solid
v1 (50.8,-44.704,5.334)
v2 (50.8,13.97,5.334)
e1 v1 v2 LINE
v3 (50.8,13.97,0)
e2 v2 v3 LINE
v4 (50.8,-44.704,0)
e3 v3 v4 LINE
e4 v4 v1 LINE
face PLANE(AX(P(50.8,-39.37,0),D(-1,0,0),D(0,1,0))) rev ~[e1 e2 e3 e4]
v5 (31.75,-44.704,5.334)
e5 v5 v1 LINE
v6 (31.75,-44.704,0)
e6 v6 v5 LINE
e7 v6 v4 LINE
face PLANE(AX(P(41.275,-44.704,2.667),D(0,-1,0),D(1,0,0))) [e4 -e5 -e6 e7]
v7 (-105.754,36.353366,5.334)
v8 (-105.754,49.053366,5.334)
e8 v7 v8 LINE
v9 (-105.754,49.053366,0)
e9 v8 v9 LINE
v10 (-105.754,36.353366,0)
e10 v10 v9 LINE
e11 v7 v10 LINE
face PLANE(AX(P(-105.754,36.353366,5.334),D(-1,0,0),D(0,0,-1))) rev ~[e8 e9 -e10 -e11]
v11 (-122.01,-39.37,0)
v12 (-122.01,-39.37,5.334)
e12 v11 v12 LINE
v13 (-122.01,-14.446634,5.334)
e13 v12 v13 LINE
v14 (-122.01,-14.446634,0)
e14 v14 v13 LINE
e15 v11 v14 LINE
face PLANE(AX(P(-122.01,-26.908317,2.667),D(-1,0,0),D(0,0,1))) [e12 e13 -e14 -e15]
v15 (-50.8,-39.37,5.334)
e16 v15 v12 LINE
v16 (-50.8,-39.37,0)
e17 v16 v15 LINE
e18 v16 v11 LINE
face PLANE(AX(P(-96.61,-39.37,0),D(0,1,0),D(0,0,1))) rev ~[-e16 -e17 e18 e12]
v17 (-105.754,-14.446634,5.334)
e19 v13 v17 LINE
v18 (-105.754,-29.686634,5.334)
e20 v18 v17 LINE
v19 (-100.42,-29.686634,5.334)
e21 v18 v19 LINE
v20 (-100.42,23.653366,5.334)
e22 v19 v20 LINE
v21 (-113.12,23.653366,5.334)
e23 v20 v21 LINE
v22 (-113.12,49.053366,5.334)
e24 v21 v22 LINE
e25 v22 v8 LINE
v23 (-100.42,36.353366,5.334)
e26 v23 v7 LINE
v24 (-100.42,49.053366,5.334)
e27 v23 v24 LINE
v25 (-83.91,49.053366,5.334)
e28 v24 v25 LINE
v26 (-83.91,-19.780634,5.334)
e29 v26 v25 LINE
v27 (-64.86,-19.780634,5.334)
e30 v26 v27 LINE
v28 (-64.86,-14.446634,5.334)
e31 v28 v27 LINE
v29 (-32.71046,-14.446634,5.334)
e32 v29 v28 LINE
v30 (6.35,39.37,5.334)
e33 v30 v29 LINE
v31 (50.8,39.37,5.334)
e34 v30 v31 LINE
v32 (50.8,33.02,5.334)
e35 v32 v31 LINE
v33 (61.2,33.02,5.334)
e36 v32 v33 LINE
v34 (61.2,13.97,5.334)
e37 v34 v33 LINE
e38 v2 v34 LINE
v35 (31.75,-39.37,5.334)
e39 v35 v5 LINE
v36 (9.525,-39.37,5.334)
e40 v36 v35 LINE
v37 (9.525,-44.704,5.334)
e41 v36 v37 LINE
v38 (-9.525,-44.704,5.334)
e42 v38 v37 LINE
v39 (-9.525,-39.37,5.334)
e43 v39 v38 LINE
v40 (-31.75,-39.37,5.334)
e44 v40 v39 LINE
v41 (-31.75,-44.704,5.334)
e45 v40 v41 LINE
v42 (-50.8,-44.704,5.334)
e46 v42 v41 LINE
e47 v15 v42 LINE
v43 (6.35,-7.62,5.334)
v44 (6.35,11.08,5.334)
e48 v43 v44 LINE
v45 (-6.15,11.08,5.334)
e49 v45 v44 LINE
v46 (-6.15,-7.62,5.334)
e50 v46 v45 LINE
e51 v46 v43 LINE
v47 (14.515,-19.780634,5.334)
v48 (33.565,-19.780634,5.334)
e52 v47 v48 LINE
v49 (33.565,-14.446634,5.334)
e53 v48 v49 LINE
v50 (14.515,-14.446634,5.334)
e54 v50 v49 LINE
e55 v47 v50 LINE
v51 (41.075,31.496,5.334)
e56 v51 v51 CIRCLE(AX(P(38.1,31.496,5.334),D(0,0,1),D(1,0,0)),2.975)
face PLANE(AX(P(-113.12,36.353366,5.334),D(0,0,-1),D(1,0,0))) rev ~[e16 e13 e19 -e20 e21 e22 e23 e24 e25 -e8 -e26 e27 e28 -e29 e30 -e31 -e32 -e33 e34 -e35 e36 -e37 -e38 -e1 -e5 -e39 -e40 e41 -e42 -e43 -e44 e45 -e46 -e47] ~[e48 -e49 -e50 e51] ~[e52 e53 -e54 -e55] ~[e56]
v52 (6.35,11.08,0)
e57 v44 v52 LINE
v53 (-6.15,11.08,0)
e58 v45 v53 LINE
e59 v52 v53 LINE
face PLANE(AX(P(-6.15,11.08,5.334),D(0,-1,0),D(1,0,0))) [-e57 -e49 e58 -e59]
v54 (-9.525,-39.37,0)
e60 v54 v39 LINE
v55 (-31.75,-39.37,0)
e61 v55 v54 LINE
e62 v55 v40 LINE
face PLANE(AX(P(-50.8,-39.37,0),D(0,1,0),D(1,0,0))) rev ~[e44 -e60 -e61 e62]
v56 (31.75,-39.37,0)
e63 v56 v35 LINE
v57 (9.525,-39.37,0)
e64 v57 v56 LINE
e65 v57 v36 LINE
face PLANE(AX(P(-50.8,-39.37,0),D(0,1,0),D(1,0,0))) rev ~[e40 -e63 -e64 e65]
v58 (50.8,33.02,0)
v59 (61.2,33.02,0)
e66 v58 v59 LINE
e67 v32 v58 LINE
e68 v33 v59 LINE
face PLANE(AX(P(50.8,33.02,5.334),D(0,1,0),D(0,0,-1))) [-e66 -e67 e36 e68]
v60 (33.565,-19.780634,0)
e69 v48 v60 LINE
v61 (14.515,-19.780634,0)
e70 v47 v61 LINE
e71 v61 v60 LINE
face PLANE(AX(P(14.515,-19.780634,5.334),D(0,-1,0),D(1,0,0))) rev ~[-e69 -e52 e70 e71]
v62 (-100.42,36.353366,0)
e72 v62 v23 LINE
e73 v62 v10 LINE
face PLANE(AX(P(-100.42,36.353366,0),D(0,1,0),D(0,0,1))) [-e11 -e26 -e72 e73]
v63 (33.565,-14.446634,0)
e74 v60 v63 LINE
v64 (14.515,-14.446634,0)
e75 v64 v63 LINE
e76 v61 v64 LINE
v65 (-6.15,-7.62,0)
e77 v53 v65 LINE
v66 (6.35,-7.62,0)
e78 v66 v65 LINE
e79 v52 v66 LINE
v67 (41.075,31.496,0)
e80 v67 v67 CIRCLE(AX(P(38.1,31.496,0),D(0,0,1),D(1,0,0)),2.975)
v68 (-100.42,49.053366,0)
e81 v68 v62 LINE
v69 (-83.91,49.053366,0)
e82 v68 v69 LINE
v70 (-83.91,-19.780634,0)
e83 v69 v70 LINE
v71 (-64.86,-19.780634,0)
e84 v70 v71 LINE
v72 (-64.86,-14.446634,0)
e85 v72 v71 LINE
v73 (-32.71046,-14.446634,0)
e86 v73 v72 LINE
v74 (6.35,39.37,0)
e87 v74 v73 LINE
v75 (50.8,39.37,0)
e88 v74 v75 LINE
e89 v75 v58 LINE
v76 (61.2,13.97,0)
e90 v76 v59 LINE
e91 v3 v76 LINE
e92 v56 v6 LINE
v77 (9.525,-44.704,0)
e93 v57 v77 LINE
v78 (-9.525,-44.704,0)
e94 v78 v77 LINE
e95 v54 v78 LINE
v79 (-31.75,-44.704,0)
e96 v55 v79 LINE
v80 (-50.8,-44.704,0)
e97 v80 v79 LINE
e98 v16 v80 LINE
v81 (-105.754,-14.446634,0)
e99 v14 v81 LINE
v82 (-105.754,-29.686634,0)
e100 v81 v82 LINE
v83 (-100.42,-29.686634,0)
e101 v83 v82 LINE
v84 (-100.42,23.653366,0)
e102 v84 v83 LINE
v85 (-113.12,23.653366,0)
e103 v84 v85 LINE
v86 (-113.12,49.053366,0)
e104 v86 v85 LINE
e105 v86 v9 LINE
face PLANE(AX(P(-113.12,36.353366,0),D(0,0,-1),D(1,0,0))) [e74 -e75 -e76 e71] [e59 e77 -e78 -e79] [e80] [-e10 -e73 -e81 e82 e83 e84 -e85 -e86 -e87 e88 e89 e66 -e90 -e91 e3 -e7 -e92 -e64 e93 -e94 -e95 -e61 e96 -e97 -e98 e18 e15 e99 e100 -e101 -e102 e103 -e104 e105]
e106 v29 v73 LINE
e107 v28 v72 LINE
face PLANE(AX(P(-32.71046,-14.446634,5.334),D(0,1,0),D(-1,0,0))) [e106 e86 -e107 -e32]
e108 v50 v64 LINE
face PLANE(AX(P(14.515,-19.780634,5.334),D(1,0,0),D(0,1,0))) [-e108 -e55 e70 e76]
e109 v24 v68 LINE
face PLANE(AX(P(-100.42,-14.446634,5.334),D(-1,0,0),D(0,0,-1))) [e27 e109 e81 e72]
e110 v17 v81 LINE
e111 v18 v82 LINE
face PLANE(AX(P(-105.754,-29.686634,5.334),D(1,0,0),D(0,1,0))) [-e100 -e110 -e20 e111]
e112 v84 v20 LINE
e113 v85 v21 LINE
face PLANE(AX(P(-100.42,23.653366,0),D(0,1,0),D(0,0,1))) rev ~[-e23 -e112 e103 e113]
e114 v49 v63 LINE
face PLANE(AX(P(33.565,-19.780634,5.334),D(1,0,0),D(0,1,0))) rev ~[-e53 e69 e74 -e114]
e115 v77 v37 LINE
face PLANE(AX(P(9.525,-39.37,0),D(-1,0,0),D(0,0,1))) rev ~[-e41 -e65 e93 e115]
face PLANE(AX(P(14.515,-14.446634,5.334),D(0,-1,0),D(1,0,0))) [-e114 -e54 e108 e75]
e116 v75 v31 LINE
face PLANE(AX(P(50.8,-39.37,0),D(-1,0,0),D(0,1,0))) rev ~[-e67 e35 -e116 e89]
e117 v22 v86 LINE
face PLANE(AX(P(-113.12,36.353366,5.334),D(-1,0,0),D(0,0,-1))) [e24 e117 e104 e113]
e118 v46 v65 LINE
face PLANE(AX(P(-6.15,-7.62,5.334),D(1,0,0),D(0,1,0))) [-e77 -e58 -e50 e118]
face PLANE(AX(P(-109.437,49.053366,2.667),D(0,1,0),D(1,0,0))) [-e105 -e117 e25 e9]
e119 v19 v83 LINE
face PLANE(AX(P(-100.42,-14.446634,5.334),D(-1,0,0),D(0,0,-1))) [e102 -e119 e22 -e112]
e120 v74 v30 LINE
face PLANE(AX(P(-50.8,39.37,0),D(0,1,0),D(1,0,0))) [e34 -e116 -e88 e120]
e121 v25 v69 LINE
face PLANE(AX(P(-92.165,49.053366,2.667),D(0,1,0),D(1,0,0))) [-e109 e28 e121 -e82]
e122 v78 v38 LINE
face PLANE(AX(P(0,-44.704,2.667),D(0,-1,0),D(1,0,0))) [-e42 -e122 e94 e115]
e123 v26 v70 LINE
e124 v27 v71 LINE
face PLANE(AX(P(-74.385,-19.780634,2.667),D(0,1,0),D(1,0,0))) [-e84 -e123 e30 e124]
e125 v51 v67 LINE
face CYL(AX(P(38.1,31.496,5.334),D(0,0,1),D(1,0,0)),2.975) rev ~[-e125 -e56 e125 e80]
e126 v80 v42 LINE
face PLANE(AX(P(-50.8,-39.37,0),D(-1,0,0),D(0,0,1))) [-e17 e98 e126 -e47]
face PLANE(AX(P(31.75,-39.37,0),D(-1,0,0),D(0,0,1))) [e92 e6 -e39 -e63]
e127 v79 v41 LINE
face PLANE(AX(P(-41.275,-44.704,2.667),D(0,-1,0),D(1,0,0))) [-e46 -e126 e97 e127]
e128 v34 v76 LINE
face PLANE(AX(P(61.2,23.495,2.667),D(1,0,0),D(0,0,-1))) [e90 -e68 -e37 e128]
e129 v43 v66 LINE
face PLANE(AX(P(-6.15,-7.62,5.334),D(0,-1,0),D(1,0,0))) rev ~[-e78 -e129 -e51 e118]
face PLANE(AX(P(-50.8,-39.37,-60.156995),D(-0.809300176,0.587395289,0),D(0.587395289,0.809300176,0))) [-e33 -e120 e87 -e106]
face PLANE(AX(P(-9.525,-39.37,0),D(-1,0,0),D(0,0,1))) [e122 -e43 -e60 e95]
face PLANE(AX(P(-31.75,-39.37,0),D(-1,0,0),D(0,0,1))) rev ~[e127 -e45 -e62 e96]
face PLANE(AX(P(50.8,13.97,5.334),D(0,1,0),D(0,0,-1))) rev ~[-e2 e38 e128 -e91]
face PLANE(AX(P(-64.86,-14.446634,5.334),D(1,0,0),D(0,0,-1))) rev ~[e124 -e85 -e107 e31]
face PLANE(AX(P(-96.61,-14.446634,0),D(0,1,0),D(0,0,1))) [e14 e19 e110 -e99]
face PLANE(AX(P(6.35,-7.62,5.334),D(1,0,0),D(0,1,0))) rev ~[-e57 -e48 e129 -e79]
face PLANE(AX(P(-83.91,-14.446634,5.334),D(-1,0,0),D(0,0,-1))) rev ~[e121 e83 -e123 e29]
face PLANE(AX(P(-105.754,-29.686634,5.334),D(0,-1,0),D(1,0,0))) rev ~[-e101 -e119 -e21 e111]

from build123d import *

# Parameters (mm, degrees)
SKETCH2_W                   = 101.6
SKETCH2_H                   = 78.74
SQUARE_DEPTH                = 5.334
SKETCH4_R                   = 2.975000019
SKETCH4_W                   = 19.05
SKETCH4_H                   = 5.334
MOUNTING_POINTS_DEPTH       = 65.490995154
TRICUT_DEPTH                = 65.490995154
TRICUT_DEPTH_BACK           = 65.490995154
SKETCH5_W                   = 19.05
SKETCH5_H                   = 5.334
BOTTOMTEETH_DEPTH           = 5.334
SKETCH8_W                   = 5.334
SKETCH8_H                   = 19.05
GRABBERSTOP_DEPTH           = 10.4
UNOPLATFORM_DEPTH           = 5.334
SKETCH13_W                  = 19.05
SKETCH13_H                  = 5.334
BACKTOOTH_DEPTH             = 5.334
SKETCH14_W                  = 5.334
SKETCH14_H                  = 24.923365698
CIRCUITSTACKEXTENSION_DEPTH = 25.4
SKETCH16_W                  = 5.334
SKETCH16_H                  = 15.24
CIRCUITSTACKHOLDER_DEPTH    = 131.051294604
SKETCH17_W                  = 16.51
SKETCH17_H                  = 5.334
BRACES_DEPTH                = 63.5
SKETCH18_W                  = 5.334
SKETCH18_H                  = 12.7
BRACE2_DEPTH                = 12.7
SKETCH19_W                  = 7.366
SKETCH19_H                  = 5.334
BRACE3_DEPTH                = 12.7
SKETCH20_W                  = 12.499999892
SKETCH20_H                  = 18.7
ON_OFF_SWITCH_DEPTH         = 132.609742414


with BuildPart() as part:
    # Sketch2 → square (new body)
    with BuildSketch(Plane.XY):
        Rectangle(SKETCH2_W, SKETCH2_H)
    extrude(amount=SQUARE_DEPTH)

    # Sketch4 → Mounting points (cut, through all)
    with BuildSketch(Plane.XY.offset(5.334)):
        with Locations((38.1, 31.496)):
            Circle(SKETCH4_R)
        with Locations((24.040000053, -17.113634263)):
            Rectangle(SKETCH4_W, SKETCH4_H)
    extrude(amount=-MOUNTING_POINTS_DEPTH, mode=Mode.SUBTRACT)

    # Sketch3 → tricut (cut, two sides: drawn at the far end of the back side and taken through both)
    with BuildSketch(Plane.XY.offset(5.334).offset(-TRICUT_DEPTH_BACK)):
        Polygon((-207.681606875, -255.517991695), (-50.8, -39.37), (6.35, 39.37), (50.8, 39.37), (317.880124475, 39.37), (56.500793408, 505.211192735), (-469.060937942, 210.323201041), align=None)
    extrude(amount=TRICUT_DEPTH + TRICUT_DEPTH_BACK, mode=Mode.SUBTRACT)

    # Sketch5 → bottomTeeth (add)
    with BuildSketch(Plane.XZ.offset(39.37)):
        with Locations((-41.275, 2.667)):
            Rectangle(SKETCH5_W, SKETCH5_H)
        with Locations((0, 2.667)):
            Rectangle(SKETCH5_W, SKETCH5_H)
        with Locations((41.275, 2.667)):
            Rectangle(SKETCH5_W, SKETCH5_H)
    extrude(amount=BOTTOMTEETH_DEPTH)

    # Sketch8 → GrabberStop (add)
    with BuildSketch(Plane(origin=(50.8, 0, 0), x_dir=(0, 0, -1), z_dir=(1, 0, 0))):
        with Locations((-2.667, 23.495)):
            Rectangle(SKETCH8_W, SKETCH8_H)
    extrude(amount=GRABBERSTOP_DEPTH)

    # Sketch9 → UnoPlatform (add)
    with BuildSketch(Plane.XY.offset(5.334)):
        Polygon((-96.60999982, -39.37), (-50.8, -39.37), (-32.71046038, -14.446634302), (-96.60999982, -14.446634302), align=None)
    extrude(amount=-UNOPLATFORM_DEPTH)

    # Sketch13 → backTooth (cut)
    with BuildSketch(Plane(origin=(0, -14.446634302, 0), x_dir=(1, 0, 0), z_dir=(0, 1, 0))):
        with Locations((-74.38499982, -2.667)):
            Rectangle(SKETCH13_W, SKETCH13_H)
    extrude(amount=-BACKTOOTH_DEPTH, mode=Mode.SUBTRACT)

    # Sketch14 → CircuitStackExtension (add)
    with BuildSketch(Plane.ZY.offset(96.60999982)):
        with Locations((2.667, -26.908317151)):
            Rectangle(SKETCH14_W, SKETCH14_H)
    extrude(amount=CIRCUITSTACKEXTENSION_DEPTH)

    # Sketch16 → CircuitStackHolder (cut, through all)
    with BuildSketch(Plane.XY.offset(5.334)):
        with Locations((-103.08699982, -22.066634302)):
            Rectangle(SKETCH16_W, SKETCH16_H)
    extrude(amount=-CIRCUITSTACKHOLDER_DEPTH, mode=Mode.SUBTRACT)

    # Sketch17 → Braces (add)
    with BuildSketch(Plane(origin=(0, -14.446634302, 0), x_dir=(1, 0, 0), z_dir=(0, 1, 0))):
        with Locations((-92.16499982, -2.667)):
            Rectangle(SKETCH17_W, SKETCH17_H)
    extrude(amount=BRACES_DEPTH)

    # Sketch18 → Brace2 (add)
    with BuildSketch(Plane.ZY.offset(100.41999982)):
        with Locations((2.667, 30.003365698)):
            Rectangle(SKETCH18_W, SKETCH18_H)
    extrude(amount=BRACE2_DEPTH)

    # Sketch19 → Brace3 (add)
    with BuildSketch(Plane(origin=(0, 36.353365698, 0), x_dir=(1, 0, 0), z_dir=(0, 1, 0))):
        with Locations((-109.43699982, -2.667)):
            Rectangle(SKETCH19_W, SKETCH19_H)
    extrude(amount=BRACE3_DEPTH)

    # Sketch20 → On_Off Switch (cut, through all)
    with BuildSketch(Plane.XY.offset(5.334)):
        with Locations((0.100000054, 1.73)):
            Rectangle(SKETCH20_W, SKETCH20_H)
    extrude(amount=-ON_OFF_SWITCH_DEPTH, mode=Mode.SUBTRACT)


solid = part.part
